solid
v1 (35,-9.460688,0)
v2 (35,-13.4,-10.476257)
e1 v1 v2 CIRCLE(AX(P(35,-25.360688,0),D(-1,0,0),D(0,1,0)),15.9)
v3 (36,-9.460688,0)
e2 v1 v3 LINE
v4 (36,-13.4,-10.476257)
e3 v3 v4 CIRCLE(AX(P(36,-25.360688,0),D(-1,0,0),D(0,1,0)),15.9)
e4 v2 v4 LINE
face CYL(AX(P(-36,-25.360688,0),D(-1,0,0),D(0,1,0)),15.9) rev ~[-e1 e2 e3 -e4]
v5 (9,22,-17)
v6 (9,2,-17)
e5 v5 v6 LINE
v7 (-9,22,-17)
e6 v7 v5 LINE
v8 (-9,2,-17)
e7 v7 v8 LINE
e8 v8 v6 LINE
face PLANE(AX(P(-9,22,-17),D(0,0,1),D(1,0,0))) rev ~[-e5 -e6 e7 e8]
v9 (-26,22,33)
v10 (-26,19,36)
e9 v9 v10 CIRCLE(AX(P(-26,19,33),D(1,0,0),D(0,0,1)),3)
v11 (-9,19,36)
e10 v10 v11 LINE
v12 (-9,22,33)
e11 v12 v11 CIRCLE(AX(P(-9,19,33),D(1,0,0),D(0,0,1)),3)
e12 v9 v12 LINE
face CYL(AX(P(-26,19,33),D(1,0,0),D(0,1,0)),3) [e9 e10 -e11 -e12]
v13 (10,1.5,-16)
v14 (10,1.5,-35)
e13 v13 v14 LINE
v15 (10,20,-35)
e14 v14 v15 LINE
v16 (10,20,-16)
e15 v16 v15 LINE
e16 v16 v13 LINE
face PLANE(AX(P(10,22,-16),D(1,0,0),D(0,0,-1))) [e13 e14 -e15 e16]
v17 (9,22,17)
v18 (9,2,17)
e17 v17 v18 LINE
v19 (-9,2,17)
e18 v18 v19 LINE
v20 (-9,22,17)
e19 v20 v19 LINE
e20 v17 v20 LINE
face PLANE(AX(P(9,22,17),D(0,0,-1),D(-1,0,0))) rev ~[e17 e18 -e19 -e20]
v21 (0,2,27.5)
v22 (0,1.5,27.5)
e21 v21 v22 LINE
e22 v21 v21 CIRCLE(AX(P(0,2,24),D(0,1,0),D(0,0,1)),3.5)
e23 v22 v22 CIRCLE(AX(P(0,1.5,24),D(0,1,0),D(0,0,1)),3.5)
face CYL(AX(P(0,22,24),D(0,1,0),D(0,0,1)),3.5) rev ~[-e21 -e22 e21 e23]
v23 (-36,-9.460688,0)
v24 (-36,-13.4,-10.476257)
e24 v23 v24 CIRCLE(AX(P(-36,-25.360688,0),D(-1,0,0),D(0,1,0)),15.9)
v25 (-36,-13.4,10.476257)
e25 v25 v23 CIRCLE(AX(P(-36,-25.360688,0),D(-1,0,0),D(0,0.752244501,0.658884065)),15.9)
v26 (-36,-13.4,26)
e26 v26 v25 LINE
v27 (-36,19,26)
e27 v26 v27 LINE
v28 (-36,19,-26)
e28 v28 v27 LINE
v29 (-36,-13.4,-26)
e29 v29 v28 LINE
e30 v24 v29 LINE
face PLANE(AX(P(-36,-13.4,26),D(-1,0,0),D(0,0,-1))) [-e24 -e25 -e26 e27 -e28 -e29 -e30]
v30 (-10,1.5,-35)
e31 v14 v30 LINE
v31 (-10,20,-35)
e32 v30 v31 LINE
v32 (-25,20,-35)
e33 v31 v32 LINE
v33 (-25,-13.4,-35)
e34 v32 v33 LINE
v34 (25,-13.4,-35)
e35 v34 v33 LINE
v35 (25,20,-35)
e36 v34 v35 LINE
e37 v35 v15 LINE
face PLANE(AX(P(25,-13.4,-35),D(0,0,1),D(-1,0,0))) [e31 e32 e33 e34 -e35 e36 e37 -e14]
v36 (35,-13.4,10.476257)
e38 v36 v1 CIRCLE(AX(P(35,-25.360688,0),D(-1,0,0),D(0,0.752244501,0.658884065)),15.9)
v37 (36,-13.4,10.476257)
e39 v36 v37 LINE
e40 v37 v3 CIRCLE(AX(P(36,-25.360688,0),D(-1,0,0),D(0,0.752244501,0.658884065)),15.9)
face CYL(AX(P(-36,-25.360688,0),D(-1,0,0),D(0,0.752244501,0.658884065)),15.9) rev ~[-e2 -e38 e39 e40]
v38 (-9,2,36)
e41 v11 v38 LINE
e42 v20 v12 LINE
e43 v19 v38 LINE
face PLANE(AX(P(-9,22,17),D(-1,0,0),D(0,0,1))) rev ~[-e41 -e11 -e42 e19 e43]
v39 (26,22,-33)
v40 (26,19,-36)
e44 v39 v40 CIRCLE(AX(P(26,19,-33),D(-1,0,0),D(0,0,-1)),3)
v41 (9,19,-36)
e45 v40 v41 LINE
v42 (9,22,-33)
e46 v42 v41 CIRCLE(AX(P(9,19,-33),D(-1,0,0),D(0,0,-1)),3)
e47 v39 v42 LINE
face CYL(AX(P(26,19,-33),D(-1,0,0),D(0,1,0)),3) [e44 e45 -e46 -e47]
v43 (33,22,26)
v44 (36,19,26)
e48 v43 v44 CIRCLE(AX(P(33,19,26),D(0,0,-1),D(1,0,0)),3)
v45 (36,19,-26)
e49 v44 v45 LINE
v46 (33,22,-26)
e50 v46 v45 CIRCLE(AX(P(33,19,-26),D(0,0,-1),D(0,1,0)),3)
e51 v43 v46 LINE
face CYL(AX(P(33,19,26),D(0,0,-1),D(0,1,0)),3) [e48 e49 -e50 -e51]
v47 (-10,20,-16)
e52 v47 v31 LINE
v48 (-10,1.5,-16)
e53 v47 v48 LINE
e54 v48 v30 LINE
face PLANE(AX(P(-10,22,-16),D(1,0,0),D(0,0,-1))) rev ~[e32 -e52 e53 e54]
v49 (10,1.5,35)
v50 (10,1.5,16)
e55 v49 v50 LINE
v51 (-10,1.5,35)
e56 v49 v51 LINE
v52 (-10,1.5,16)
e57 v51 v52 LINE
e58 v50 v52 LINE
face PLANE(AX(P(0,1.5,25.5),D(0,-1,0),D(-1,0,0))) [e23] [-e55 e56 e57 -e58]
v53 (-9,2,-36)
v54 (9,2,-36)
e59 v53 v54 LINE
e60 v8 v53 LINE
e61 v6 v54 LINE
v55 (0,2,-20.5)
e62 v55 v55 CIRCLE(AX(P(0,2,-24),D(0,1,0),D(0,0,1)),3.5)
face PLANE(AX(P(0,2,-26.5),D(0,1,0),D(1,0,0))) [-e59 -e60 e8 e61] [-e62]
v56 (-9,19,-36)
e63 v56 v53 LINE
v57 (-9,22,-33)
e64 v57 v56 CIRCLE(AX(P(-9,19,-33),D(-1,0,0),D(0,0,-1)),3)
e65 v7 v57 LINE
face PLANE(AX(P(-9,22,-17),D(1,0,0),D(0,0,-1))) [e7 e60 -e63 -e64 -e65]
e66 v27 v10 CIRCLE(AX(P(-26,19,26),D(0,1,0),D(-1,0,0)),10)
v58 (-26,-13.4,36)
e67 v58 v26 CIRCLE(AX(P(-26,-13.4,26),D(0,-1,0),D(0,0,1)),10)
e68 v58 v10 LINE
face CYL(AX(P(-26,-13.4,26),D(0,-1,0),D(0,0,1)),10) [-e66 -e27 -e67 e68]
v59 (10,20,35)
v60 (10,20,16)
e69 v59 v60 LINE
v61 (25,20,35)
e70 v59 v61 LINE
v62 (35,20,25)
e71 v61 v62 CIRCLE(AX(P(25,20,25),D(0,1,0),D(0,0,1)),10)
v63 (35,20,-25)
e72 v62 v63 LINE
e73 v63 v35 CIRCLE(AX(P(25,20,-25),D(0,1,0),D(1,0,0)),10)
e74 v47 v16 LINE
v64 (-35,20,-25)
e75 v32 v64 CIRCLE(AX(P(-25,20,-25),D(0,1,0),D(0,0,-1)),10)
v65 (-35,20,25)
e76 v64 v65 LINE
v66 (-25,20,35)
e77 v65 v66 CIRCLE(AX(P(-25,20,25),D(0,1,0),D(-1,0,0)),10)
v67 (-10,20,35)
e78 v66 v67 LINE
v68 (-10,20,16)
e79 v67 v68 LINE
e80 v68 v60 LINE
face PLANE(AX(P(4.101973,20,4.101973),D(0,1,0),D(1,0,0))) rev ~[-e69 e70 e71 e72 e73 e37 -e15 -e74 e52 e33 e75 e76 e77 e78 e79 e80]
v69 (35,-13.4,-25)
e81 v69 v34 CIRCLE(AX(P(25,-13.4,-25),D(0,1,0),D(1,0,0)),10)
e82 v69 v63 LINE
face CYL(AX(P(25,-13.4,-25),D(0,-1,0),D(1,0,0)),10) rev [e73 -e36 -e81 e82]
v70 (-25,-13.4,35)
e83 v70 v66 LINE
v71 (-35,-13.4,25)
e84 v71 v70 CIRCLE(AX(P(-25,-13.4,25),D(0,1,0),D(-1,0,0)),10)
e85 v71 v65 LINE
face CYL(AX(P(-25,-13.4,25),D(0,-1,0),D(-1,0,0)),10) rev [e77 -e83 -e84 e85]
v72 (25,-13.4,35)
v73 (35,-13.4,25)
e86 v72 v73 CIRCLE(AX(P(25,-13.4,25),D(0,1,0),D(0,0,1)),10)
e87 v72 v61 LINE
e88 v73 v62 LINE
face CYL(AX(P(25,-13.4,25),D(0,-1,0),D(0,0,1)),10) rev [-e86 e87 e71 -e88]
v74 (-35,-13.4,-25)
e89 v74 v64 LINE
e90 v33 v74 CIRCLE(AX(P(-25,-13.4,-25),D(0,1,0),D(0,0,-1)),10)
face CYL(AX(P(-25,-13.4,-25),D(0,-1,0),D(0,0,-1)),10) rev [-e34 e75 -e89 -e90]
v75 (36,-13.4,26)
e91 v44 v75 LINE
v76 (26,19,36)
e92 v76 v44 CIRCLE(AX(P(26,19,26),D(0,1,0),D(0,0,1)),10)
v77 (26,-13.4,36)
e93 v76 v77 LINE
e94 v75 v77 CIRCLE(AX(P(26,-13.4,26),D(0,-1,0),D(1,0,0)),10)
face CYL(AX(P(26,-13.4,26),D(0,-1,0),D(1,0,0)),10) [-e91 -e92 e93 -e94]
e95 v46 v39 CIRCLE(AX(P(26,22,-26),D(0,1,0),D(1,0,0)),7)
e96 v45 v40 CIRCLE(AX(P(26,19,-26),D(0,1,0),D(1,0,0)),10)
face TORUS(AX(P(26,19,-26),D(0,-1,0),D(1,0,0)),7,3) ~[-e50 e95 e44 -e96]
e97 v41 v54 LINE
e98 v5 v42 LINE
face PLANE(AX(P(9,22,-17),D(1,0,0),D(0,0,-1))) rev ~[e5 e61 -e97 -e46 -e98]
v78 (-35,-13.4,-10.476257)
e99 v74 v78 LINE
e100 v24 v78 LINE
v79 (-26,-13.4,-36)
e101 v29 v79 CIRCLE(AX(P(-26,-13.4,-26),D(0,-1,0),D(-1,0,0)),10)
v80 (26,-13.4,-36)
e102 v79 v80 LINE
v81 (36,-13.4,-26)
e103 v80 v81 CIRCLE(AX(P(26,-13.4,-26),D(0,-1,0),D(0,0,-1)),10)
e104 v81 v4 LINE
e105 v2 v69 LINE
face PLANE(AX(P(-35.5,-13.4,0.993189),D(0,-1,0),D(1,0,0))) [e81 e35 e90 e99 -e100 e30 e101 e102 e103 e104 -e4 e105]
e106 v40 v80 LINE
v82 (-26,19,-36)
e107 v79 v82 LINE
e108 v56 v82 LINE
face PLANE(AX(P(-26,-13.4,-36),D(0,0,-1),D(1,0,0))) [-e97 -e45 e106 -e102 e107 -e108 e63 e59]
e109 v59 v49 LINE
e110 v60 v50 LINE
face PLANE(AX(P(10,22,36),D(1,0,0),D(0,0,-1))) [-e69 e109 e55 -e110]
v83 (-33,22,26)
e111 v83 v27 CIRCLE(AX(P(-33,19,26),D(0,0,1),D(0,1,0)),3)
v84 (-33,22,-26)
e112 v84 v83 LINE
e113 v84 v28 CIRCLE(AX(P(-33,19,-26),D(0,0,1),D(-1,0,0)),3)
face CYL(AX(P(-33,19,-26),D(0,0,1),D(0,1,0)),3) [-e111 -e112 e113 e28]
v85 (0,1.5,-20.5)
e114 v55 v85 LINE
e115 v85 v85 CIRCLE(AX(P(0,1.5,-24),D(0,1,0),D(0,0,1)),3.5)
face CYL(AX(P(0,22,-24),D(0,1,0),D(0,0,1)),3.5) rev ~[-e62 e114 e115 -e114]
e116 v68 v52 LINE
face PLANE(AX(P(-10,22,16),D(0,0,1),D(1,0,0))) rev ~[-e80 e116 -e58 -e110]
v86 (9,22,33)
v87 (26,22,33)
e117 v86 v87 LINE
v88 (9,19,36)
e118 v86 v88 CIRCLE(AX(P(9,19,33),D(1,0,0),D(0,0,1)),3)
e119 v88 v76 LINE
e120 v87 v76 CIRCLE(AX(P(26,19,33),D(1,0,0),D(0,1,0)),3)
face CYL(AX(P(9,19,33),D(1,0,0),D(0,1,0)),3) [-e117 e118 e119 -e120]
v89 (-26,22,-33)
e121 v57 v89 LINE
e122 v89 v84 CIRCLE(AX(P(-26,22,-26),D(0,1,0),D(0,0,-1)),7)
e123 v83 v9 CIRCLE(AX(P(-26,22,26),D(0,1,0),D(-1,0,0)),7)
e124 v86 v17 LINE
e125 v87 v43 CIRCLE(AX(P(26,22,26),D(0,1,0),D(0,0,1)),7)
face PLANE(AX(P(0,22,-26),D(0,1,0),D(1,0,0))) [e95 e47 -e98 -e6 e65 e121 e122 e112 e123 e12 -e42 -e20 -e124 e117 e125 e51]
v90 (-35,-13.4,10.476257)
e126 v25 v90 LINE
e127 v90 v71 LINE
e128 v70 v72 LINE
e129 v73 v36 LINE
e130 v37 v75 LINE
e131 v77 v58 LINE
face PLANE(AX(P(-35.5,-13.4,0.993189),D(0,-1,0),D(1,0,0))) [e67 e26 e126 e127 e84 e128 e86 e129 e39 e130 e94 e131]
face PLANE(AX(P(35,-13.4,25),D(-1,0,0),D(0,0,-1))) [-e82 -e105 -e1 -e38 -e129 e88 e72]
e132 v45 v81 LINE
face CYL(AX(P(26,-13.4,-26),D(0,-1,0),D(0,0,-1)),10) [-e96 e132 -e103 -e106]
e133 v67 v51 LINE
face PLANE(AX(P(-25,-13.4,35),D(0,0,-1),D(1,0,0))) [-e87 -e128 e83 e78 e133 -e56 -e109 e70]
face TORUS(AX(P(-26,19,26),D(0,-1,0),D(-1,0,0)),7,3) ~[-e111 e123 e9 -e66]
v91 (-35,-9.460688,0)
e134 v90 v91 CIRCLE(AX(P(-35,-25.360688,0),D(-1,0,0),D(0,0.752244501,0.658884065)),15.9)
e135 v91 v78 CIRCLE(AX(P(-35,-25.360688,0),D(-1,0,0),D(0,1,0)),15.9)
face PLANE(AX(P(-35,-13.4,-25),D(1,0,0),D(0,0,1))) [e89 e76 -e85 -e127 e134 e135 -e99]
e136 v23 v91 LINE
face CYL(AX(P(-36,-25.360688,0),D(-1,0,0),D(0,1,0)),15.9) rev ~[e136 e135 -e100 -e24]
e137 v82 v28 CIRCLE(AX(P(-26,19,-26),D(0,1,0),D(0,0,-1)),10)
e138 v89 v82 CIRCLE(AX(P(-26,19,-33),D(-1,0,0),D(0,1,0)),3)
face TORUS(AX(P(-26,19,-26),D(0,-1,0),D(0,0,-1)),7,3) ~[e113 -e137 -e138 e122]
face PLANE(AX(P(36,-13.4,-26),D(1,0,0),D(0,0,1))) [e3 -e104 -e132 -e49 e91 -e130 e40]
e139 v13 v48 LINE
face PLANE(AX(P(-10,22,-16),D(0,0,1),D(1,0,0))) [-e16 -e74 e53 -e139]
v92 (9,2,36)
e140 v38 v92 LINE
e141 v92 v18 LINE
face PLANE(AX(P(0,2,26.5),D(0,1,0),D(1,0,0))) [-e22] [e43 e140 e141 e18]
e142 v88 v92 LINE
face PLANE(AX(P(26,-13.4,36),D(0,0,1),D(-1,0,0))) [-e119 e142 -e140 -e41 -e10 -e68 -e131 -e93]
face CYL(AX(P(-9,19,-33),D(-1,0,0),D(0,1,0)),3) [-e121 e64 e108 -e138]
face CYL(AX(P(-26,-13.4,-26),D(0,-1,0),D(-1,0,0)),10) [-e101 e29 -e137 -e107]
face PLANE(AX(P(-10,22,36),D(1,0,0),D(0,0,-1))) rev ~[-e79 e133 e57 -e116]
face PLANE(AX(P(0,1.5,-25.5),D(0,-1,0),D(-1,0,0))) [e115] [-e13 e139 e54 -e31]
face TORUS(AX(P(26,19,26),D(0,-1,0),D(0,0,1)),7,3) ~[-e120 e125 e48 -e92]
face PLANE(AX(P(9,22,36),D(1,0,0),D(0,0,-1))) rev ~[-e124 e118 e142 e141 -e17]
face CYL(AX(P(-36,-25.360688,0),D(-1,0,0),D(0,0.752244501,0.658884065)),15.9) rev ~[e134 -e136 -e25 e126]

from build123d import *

# Parameters (mm, degrees)
BOSS_EXTRUDE1_DEPTH = 20
BOSS_EXTRUDE2_DEPTH = 2
SKETCH5_W           = 20
SKETCH5_H           = 20
SKETCH5_R           = 3.5
BOSS_EXTRUDE3_DEPTH = 22
SKETCH6_W           = 18
SKETCH6_H           = 19
CUT_EXTRUDE1_DEPTH  = 20
SKETCH7_W           = 20
SKETCH7_H           = 19
CUT_EXTRUDE2_DEPTH  = 1.5
FILLET1_R           = 3
SKETCH8_R           = 15.7
CUT_EXTRUDE3_DEPTH  = 121.5
BOSS_EXTRUDE6_START = 13.4
BOSS_EXTRUDE6_DEPTH = 13.4
SKETCH12_W          = 1
SKETCH12_H          = 30.481485494
BOSS_EXTRUDE7_DEPTH = 23.4
CUT_EXTRUDE4_DEPTH  = 93.4


with BuildPart() as part:
    # Sketch3 → Boss-Extrude1 (new body)
    with BuildSketch(Plane(origin=(0, 0, 0), x_dir=(1, 0, 0), z_dir=(0, 1, 0))):
        with BuildLine():
            Line((36, -26), (36, 26))
            ThreePointArc((36, 26), (33.071067812, 33.071067812), (26, 36))
            Line((26, 36), (-26, 36))
            ThreePointArc((-26, 36), (-33.071067812, 33.071067812), (-36, 26))
            Line((-36, 26), (-36, -26))
            ThreePointArc((-36, -26), (-33.071067812, -33.071067812), (-26, -36))
            Line((-26, -36), (26, -36))
            ThreePointArc((26, -36), (33.071067812, -33.071067812), (36, -26))
        make_face()
        with BuildLine():
            Line((-35, 25), (-35, -25))
            ThreePointArc((-35, -25), (-32.071067812, -32.071067812), (-25, -35))
            Line((-25, -35), (25, -35))
            ThreePointArc((25, -35), (32.071067812, -32.071067812), (35, -25))
            Line((35, -25), (35, 25))
            ThreePointArc((35, 25), (32.071067812, 32.071067812), (25, 35))
            Line((25, 35), (-25, 35))
            ThreePointArc((-25, 35), (-32.071067812, 32.071067812), (-35, 25))
        make_face(mode=Mode.SUBTRACT)
    extrude(amount=BOSS_EXTRUDE1_DEPTH)

    # Sketch4 → Boss-Extrude2 (add)
    with BuildSketch(Plane(origin=(0, 20, 0), x_dir=(1, 0, 0), z_dir=(0, 1, 0))):
        with BuildLine():
            Line((0, 36), (0, 0))
            Line((0, 0), (-36, 0))
            Line((-36, 0), (-36, -26))
            ThreePointArc((-36, -26), (-33.071067812, -33.071067812), (-26, -36))
            Line((-26, -36), (26, -36))
            ThreePointArc((26, -36), (33.071067812, -33.071067812), (36, -26))
            Line((36, -26), (36, 26))
            ThreePointArc((36, 26), (33.071067812, 33.071067812), (26, 36))
            Line((26, 36), (0, 36))
        make_face()
        with BuildLine():
            Line((-36, 0), (0, 0))
            Line((0, 0), (0, 36))
            Line((0, 36), (-26, 36))
            ThreePointArc((-26, 36), (-33.071067812, 33.071067812), (-36, 26))
            Line((-36, 26), (-36, 0))
        make_face()
    extrude(amount=BOSS_EXTRUDE2_DEPTH)

    # Sketch5 → Boss-Extrude3 (add)
    # profile 1 of 2: a face of its own
    with BuildSketch(Plane(origin=(0, 22, 0), x_dir=(1, 0, 0), z_dir=(0, 1, 0))):
        with Locations((0, 26)):
            Rectangle(SKETCH5_W, SKETCH5_H)
        with Locations(Location((0, 24, 0), (0, 0, 270))):
            Circle(SKETCH5_R, mode=Mode.SUBTRACT)
    # profile 2 of 2: a face of its own
    with BuildSketch(Plane(origin=(0, 22, 0), x_dir=(1, 0, 0), z_dir=(0, 1, 0))):
        with Locations((0, -26)):
            Rectangle(SKETCH5_W, SKETCH5_H)
        with Locations(Location((0, -24, 0), (0, 0, 270))):
            Circle(SKETCH5_R, mode=Mode.SUBTRACT)
    extrude(amount=-BOSS_EXTRUDE3_DEPTH)

    # Sketch6 → Cut-Extrude1 (cut)
    with BuildSketch(Plane(origin=(0, 22, 0), x_dir=(1, 0, 0), z_dir=(0, 1, 0))):
        Polygon((0, -17), (-9, -17), (-9, -36), (9, -36), (9, -17), align=None)
        with Locations((0, 26.5)):
            Rectangle(SKETCH6_W, SKETCH6_H)
    extrude(amount=-CUT_EXTRUDE1_DEPTH, mode=Mode.SUBTRACT)

    # Sketch7 → Cut-Extrude2 (cut)
    with BuildSketch(Plane(origin=(0, 0, 0), x_dir=(-1, 0, 0), z_dir=(0, -1, 0))):
        with Locations((0, 25.5)):
            Rectangle(SKETCH7_W, SKETCH7_H)
        with Locations((0, -25.5)):
            Rectangle(SKETCH7_W, SKETCH7_H)
    extrude(amount=-CUT_EXTRUDE2_DEPTH, mode=Mode.SUBTRACT)

    # Fillet1
    fillet1_edges = [part.edges().sort_by_distance(p)[0] for p in [
        (-17.5, 22, 36),
        (-17.5, 22, -36),
        (-33.071067812, 22, 33.071067812),
        (17.5, 22, 36),
        (36, 22, 0),
        (33.071067812, 22, -33.071067812),
        (17.5, 22, -36),
        (-33.071067812, 22, -33.071067812),
        (-36, 22, 0),
        (33.071067812, 22, 33.071067812),
    ]]
    fillet(fillet1_edges, radius=FILLET1_R)

    # Sketch8 → Cut-Extrude3 (cut)
    with BuildSketch(Plane(origin=(36, 0, 0), x_dir=(0, 0, -1), z_dir=(1, 0, 0))):
        with Locations((0, -12.6)):
            Circle(SKETCH8_R)
    extrude(amount=-CUT_EXTRUDE3_DEPTH, mode=Mode.SUBTRACT)

    # Sketch9 → Boss-Extrude6 (add)
    with BuildSketch(Plane(origin=(0, 0, 0), x_dir=(-1, 0, 0), z_dir=(0, -1, 0)).offset(BOSS_EXTRUDE6_START)):
        with BuildLine():
            Line((26, 36), (-26, 36))
            ThreePointArc((-26, 36), (-33.071067812, 33.071067812), (-36, 26))
            Line((-36, 26), (-36, -26))
            ThreePointArc((-36, -26), (-33.071067812, -33.071067812), (-26, -36))
            Line((-26, -36), (26, -36))
            ThreePointArc((26, -36), (33.071067812, -33.071067812), (36, -26))
            Line((36, -26), (36, 26))
            ThreePointArc((36, 26), (33.071067812, 33.071067812), (26, 36))
        make_face()
        with BuildLine():
            ThreePointArc((25, 35), (32.071067812, 32.071067812), (35, 25))
            Line((35, 25), (35, -25))
            ThreePointArc((35, -25), (32.071067812, -32.071067812), (25, -35))
            Line((25, -35), (-25, -35))
            ThreePointArc((-25, -35), (-32.071067812, -32.071067812), (-35, -25))
            Line((-35, -25), (-35, 25))
            ThreePointArc((-35, 25), (-32.071067812, 32.071067812), (-25, 35))
            Line((-25, 35), (25, 35))
        make_face(mode=Mode.SUBTRACT)
    extrude(amount=-BOSS_EXTRUDE6_DEPTH)

    # Sketch12 → Boss-Extrude7 (add)
    with BuildSketch(Plane.XZ.offset(13.4)):
        with Locations((-35.5, 0.993188546)):
            Rectangle(SKETCH12_W, SKETCH12_H)
        with Locations((35.5, 0.993188546)):
            Rectangle(SKETCH12_W, SKETCH12_H)
    extrude(amount=-BOSS_EXTRUDE7_DEPTH)

    # Sketch13 → Cut-Extrude4 (cut)
    with BuildSketch(Plane.ZY.offset(36)):
        with BuildLine():
            Line((-10.476256632, -13.4), (0, -13.4))
            Line((0, -13.4), (0, -9.460687563))
            ThreePointArc((0, -9.460687563), (-5.596207097, -10.478064604), (-10.476256632, -13.4))
        make_face()
        with BuildLine():
            Line((0, -9.460687563), (0, -13.4))
            Line((0, -13.4), (10.476256632, -13.4))
            ThreePointArc((10.476256632, -13.4), (5.596207097, -10.478064604), (0, -9.460687563))
        make_face()
    extrude(amount=-CUT_EXTRUDE4_DEPTH, mode=Mode.SUBTRACT)


solid = part.part
